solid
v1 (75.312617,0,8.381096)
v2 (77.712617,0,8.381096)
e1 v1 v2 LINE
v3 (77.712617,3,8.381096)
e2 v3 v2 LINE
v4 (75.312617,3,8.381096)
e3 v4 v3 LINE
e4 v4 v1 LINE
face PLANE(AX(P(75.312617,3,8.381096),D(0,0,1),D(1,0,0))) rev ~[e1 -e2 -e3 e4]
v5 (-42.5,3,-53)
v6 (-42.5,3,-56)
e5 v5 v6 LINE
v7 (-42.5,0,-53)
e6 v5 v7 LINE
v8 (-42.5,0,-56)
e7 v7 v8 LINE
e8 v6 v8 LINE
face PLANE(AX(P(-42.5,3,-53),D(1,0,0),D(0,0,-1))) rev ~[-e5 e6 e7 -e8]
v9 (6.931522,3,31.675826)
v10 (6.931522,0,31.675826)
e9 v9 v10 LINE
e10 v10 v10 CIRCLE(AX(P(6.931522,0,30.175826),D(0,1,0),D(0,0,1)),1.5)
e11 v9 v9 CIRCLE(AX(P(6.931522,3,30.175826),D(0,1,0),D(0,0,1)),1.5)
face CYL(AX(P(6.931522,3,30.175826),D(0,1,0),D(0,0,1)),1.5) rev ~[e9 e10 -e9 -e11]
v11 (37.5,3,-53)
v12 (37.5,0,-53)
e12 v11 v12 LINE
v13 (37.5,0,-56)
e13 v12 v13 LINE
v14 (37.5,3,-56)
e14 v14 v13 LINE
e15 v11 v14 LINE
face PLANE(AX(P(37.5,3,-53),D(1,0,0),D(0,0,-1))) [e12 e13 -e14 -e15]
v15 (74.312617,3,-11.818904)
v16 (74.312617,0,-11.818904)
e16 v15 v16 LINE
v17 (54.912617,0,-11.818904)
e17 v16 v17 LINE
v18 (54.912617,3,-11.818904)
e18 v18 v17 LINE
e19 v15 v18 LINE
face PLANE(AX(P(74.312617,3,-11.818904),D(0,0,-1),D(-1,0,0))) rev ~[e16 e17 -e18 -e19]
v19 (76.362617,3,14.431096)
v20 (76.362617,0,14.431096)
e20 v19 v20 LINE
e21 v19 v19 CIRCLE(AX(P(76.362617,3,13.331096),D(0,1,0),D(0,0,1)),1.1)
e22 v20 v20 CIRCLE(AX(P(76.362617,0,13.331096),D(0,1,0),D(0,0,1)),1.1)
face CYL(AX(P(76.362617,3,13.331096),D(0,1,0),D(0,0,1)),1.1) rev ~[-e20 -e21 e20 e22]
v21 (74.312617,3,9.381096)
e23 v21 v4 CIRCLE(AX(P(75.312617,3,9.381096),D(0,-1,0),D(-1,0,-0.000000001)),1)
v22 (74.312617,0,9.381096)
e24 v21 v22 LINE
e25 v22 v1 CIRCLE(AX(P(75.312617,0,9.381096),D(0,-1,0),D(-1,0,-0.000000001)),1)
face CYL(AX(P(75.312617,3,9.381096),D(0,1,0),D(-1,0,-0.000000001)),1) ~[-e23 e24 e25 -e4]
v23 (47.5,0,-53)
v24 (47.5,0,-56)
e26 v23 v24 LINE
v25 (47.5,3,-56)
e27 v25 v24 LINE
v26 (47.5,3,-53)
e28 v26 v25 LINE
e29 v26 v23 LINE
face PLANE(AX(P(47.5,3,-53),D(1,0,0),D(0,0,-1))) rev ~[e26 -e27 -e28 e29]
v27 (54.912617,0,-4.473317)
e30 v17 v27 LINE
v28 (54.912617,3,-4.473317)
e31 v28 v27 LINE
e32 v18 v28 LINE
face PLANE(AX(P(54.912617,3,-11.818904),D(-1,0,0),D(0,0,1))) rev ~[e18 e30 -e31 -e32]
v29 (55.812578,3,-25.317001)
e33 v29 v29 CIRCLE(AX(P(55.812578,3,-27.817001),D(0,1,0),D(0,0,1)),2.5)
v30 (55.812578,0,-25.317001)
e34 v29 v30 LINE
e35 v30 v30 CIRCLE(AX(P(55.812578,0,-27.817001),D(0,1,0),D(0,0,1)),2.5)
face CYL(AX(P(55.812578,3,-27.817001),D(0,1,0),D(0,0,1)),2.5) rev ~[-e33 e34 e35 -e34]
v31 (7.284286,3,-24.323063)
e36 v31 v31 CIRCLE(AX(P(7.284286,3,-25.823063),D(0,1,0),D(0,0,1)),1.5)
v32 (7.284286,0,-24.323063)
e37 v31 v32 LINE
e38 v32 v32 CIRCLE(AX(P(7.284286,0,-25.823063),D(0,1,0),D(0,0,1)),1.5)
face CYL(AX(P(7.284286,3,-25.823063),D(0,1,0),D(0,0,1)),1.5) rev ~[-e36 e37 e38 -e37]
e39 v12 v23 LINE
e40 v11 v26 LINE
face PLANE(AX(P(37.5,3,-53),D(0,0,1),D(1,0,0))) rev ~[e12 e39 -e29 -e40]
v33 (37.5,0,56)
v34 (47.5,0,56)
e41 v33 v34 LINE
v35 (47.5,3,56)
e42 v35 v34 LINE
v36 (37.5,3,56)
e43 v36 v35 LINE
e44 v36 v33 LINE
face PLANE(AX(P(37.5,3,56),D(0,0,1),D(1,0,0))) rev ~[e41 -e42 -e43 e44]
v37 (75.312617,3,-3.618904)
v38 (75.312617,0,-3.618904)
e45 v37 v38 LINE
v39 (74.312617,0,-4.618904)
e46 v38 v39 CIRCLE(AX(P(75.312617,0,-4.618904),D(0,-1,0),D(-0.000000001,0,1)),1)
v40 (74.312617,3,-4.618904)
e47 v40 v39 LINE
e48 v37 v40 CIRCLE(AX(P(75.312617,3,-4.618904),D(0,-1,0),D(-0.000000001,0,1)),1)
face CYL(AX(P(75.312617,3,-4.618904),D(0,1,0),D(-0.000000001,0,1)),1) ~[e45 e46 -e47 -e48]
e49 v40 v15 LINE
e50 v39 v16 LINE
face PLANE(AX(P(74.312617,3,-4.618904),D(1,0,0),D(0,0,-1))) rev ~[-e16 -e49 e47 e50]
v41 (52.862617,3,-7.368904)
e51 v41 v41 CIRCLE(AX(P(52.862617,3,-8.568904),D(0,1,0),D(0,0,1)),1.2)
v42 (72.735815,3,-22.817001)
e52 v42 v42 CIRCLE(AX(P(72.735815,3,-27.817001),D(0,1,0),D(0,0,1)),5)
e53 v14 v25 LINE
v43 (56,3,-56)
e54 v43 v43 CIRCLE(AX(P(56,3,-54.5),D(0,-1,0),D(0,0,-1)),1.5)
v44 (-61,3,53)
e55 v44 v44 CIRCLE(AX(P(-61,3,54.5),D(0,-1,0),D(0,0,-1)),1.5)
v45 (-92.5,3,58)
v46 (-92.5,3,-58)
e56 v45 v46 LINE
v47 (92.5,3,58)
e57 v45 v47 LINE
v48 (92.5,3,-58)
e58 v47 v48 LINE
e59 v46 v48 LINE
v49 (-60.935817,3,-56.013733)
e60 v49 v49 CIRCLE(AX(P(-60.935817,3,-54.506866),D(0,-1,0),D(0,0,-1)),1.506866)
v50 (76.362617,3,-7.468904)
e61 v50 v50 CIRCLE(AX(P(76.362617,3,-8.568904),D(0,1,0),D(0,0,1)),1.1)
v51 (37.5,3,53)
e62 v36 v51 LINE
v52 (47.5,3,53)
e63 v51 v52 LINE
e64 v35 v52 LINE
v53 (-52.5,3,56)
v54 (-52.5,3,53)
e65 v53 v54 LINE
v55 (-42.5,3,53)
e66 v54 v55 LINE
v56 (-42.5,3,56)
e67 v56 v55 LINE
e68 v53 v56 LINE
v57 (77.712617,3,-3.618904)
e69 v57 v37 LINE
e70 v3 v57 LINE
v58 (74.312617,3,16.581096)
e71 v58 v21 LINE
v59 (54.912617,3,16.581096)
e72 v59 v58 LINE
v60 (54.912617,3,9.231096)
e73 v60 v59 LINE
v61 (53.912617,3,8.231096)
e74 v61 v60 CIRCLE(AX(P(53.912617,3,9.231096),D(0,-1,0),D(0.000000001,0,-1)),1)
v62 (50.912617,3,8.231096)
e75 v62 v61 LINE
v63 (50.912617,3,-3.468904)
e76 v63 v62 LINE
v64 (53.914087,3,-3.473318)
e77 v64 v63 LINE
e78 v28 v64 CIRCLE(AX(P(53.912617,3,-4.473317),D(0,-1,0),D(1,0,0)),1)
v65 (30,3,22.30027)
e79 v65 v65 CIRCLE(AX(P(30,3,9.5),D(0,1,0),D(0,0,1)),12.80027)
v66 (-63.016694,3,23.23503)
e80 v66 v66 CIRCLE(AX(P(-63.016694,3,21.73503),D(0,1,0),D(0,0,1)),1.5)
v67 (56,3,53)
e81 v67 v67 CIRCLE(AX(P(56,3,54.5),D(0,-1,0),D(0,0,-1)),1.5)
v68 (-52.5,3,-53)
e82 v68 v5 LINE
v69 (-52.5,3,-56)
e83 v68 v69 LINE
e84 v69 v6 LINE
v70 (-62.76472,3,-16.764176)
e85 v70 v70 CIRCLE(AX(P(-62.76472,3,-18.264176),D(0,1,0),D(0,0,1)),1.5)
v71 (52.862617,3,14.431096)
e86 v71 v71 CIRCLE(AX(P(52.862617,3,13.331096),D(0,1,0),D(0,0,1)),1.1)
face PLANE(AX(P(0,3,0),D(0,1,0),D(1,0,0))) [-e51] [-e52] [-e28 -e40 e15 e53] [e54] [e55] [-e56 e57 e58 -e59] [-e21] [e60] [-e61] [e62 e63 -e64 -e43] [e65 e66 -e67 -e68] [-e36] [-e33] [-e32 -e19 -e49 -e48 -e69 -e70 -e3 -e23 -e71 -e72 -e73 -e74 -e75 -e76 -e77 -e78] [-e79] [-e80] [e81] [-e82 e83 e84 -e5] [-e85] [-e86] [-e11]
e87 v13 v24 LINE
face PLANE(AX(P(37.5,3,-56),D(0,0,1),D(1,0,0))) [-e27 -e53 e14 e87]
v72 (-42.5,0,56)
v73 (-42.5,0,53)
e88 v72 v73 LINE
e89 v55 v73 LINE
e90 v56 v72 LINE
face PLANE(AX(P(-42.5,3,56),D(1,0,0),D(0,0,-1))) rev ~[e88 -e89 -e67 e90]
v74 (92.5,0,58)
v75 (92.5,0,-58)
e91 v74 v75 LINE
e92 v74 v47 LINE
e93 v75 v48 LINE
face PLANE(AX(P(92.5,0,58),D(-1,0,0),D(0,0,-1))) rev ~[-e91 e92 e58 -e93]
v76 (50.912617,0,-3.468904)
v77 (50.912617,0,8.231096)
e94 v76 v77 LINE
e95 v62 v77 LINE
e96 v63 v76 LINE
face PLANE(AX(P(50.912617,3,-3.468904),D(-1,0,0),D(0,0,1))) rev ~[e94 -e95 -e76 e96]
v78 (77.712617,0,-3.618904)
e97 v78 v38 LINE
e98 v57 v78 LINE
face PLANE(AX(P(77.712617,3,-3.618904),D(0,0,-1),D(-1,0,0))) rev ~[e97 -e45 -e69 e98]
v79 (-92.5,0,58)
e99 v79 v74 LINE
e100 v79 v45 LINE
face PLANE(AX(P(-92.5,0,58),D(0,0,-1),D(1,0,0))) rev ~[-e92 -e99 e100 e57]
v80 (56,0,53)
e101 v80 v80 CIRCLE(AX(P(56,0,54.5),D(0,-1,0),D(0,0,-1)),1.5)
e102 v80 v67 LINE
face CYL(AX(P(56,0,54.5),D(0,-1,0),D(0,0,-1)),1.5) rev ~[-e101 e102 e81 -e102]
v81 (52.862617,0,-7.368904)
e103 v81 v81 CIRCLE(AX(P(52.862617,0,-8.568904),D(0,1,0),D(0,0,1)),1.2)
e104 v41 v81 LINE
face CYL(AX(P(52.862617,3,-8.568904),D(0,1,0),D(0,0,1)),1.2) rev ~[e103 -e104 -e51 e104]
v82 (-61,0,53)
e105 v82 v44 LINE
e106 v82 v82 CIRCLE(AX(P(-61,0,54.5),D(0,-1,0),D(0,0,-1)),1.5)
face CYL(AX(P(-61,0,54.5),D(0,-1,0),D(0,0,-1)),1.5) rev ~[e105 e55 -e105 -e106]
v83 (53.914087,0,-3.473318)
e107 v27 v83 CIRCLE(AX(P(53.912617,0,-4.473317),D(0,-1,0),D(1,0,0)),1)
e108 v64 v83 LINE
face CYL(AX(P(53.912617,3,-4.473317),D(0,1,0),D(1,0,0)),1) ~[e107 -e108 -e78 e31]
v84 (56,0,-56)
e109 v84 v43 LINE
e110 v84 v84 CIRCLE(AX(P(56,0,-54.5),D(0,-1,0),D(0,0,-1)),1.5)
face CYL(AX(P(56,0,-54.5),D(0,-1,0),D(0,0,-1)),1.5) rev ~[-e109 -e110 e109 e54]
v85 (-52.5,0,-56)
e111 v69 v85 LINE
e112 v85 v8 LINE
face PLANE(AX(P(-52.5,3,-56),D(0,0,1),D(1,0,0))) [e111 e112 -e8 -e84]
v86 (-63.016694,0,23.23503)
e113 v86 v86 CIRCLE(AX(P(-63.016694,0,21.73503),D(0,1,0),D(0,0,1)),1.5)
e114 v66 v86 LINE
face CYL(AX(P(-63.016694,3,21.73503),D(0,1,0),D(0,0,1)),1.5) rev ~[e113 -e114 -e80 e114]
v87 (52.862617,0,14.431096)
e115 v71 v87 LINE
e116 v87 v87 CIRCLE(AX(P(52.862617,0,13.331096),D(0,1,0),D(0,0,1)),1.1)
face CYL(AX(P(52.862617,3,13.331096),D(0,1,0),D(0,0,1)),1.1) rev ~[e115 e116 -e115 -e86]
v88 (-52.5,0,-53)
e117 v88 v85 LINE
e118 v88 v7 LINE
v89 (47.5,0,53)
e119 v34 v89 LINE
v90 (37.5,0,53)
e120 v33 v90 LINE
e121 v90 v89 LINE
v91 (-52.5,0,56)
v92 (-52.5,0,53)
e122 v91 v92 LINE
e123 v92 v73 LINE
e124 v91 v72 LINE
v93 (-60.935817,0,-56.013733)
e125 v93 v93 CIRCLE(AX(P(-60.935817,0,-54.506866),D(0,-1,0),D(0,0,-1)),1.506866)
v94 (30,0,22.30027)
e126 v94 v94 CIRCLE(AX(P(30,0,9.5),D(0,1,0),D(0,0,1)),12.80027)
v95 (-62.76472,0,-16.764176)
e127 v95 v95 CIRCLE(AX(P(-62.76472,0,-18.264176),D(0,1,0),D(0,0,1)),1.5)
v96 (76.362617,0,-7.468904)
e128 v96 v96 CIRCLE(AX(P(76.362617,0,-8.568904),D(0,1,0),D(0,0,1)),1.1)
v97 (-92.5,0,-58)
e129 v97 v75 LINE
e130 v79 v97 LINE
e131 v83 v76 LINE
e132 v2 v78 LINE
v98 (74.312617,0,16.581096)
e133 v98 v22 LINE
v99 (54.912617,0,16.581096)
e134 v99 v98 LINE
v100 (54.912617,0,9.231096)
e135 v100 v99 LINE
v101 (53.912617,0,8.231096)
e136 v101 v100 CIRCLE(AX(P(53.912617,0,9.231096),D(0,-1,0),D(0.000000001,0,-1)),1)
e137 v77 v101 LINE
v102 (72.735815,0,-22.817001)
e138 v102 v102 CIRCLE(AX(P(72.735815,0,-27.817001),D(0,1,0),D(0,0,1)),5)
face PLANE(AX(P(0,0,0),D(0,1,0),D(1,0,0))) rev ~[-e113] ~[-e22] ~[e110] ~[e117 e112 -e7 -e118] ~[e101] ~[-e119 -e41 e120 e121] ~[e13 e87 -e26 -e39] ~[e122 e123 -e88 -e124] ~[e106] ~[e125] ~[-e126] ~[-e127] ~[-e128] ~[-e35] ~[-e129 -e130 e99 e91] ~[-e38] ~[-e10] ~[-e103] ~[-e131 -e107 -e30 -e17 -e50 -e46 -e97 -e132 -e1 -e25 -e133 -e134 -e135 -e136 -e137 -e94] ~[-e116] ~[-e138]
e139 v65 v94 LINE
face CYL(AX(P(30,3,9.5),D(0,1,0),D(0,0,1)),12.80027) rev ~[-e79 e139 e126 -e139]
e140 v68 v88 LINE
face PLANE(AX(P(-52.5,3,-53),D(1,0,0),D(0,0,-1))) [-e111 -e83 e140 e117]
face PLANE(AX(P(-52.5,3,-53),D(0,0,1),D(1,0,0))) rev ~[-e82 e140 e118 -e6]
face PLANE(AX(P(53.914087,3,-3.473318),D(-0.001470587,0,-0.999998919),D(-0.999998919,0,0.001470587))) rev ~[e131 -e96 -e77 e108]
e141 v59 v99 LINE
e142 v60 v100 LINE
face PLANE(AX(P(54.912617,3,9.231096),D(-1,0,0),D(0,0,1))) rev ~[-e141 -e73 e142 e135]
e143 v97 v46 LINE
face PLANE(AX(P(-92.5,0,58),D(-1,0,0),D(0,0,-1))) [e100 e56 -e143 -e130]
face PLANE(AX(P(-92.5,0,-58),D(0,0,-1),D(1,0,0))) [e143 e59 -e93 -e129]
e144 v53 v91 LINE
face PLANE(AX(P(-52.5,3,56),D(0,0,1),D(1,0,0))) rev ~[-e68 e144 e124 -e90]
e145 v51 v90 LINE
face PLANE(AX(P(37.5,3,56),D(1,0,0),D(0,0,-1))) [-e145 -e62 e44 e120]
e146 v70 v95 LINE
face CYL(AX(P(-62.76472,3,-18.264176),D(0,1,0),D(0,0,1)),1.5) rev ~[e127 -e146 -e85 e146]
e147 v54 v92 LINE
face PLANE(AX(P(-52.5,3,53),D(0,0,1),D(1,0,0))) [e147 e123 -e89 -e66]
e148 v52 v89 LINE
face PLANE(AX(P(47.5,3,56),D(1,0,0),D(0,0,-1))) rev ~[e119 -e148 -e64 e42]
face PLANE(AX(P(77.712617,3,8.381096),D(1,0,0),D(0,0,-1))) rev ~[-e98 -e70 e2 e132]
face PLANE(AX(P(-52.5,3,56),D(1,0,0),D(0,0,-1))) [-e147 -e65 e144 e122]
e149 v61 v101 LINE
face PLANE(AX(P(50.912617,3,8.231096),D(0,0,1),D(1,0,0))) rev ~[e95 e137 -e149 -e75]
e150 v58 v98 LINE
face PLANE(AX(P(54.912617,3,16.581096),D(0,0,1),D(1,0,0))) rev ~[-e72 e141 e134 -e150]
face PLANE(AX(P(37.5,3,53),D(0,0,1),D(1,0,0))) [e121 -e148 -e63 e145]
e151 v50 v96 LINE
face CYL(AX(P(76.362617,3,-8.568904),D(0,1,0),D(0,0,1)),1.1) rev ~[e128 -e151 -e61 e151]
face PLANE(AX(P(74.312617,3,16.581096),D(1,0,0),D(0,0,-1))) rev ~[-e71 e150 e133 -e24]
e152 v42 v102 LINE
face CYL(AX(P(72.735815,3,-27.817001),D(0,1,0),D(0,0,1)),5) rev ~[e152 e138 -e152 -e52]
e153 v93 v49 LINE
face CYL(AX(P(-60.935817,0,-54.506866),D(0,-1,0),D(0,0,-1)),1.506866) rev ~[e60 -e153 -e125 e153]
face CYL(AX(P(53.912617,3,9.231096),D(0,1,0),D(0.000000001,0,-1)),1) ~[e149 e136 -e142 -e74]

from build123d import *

# Parameters (mm, degrees)
SKETCH1_W           = 185
SKETCH1_H           = 116
BOSS_EXTRUDE1_DEPTH = 3
SKETCH8_R           = 1.5
CUT_EXTRUDE3_DEPTH  = 3
SKETCH10_R          = 1.2
SKETCH10_R_2        = 1.1
SKETCH10_R_3        = 2.5
SKETCH10_R_4        = 5
SKETCH10_R_5        = 12.80026957
CUT_EXTRUDE6_DEPTH  = 3
SKETCH11_W          = 10
SKETCH11_H          = 3
CUT_EXTRUDE7_DEPTH  = 3
SKETCH13_R          = 1.5
SKETCH13_R_2        = 1.506866353
CUT_EXTRUDE8_DEPTH  = 3


with BuildPart() as part:
    # Sketch1 → Boss-Extrude1 (new body)
    with BuildSketch(Plane(origin=(0, 0, 0), x_dir=(1, 0, 0), z_dir=(0, 1, 0))):
        Rectangle(SKETCH1_W, SKETCH1_H)
    extrude(amount=BOSS_EXTRUDE1_DEPTH)

    # Sketch8 → Cut-Extrude3 (cut)
    with BuildSketch(Plane(origin=(0, 3, 0), x_dir=(1, 0, 0), z_dir=(0, 1, 0))):
        with Locations(Location((-62.764720309, 18.264176016, 0), (0, 0, 270))):
            Circle(SKETCH8_R)
        with Locations(Location((-63.016694441, -21.735030339, 0), (0, 0, 270))):
            Circle(SKETCH8_R)
        with Locations(Location((7.284285639, 25.823062556, 0), (0, 0, 270))):
            Circle(SKETCH8_R)
        with Locations(Location((6.931521854, -30.175826341, 0), (0, 0, 270))):
            Circle(SKETCH8_R)
    extrude(amount=-CUT_EXTRUDE3_DEPTH, mode=Mode.SUBTRACT)

    # Sketch10 → Cut-Extrude6 (cut)
    with BuildSketch(Plane(origin=(0, 3, 0), x_dir=(1, 0, 0), z_dir=(0, 1, 0))):
        with Locations(Location((52.862616564, 8.568904476, 0), (0, 0, 270))):
            Circle(SKETCH10_R)
        with Locations(Location((52.862616564, -13.331095524, 0), (0, 0, 270))):
            Circle(SKETCH10_R_2)
        with Locations(Location((76.362616564, -13.331095524, 0), (0, 0, 270))):
            Circle(SKETCH10_R_2)
        with Locations(Location((76.362616564, 8.568904476, 0), (0, 0, 270))):
            Circle(SKETCH10_R_2)
        with Locations(Location((55.812578484, 27.817001132, 0), (0, 0, 270))):
            Circle(SKETCH10_R_3)
        with Locations(Location((72.735814959, 27.817001132, 0), (0, 0, 270))):
            Circle(SKETCH10_R_4)
        with Locations(Location((30, -9.5, 0), (0, 0, 270))):
            Circle(SKETCH10_R_5)
        with BuildLine():
            Line((50.912616564, -8.231095524), (53.912616564, -8.231095524))
            ThreePointArc((53.912616564, -8.231095524), (54.619723345, -8.523988743), (54.912616564, -9.231095524))
            Line((54.912616564, -9.231095524), (54.912616564, -16.581095524))
            Line((54.912616564, -16.581095524), (74.312616564, -16.581095524))
            Line((74.312616564, -16.581095524), (74.312616564, -9.381095524))
            ThreePointArc((74.312616564, -9.381095524), (74.605509783, -8.673988743), (75.312616564, -8.381095524))
            Line((75.312616564, -8.381095524), (77.712616564, -8.381095524))
            Line((77.712616564, -8.381095524), (77.712616564, 3.618904476))
            Line((77.712616564, 3.618904476), (75.312616564, 3.618904476))
            ThreePointArc((75.312616564, 3.618904476), (74.605509783, 3.911797695), (74.312616564, 4.618904476))
            Line((74.312616564, 4.618904476), (74.312616564, 11.818904476))
            Line((74.312616564, 11.818904476), (54.912616564, 11.818904476))
            Line((54.912616564, 11.818904476), (54.912616564, 4.473317322))
            ThreePointArc((54.912616564, 4.473317322), (54.620243085, 3.766730663), (53.914087151, 3.473318403))
            Line((53.914087151, 3.473318403), (50.912616564, 3.468904476))
            Line((50.912616564, 3.468904476), (50.912616564, -8.231095524))
        make_face()
    extrude(amount=-CUT_EXTRUDE6_DEPTH, mode=Mode.SUBTRACT)

    # Sketch11 → Cut-Extrude7 (cut)
    with BuildSketch(Plane(origin=(0, 3, 0), x_dir=(1, 0, 0), z_dir=(0, 1, 0))):
        with Locations((-47.5, 54.5)):
            Rectangle(SKETCH11_W, SKETCH11_H)
        with Locations((42.5, 54.5)):
            Rectangle(SKETCH11_W, SKETCH11_H)
        with Locations((-47.5, -54.5)):
            Rectangle(SKETCH11_W, SKETCH11_H)
        with Locations((42.5, -54.5)):
            Rectangle(SKETCH11_W, SKETCH11_H)
    extrude(amount=-CUT_EXTRUDE7_DEPTH, mode=Mode.SUBTRACT)

    # Sketch13 → Cut-Extrude8 (cut)
    with BuildSketch(Plane.XZ):
        with Locations(Location((56, -54.5, 0), (0, 0, 270))):
            Circle(SKETCH13_R)
        with Locations(Location((-60.935816723, -54.506866353, 0), (0, 0, 270))):
            Circle(SKETCH13_R_2)
        with Locations(Location((-61, 54.5, 0), (0, 0, 270))):
            Circle(SKETCH13_R)
        with Locations(Location((56, 54.5, 0), (0, 0, 270))):
            Circle(SKETCH13_R)
    extrude(amount=-CUT_EXTRUDE8_DEPTH, mode=Mode.SUBTRACT)


solid = part.part
